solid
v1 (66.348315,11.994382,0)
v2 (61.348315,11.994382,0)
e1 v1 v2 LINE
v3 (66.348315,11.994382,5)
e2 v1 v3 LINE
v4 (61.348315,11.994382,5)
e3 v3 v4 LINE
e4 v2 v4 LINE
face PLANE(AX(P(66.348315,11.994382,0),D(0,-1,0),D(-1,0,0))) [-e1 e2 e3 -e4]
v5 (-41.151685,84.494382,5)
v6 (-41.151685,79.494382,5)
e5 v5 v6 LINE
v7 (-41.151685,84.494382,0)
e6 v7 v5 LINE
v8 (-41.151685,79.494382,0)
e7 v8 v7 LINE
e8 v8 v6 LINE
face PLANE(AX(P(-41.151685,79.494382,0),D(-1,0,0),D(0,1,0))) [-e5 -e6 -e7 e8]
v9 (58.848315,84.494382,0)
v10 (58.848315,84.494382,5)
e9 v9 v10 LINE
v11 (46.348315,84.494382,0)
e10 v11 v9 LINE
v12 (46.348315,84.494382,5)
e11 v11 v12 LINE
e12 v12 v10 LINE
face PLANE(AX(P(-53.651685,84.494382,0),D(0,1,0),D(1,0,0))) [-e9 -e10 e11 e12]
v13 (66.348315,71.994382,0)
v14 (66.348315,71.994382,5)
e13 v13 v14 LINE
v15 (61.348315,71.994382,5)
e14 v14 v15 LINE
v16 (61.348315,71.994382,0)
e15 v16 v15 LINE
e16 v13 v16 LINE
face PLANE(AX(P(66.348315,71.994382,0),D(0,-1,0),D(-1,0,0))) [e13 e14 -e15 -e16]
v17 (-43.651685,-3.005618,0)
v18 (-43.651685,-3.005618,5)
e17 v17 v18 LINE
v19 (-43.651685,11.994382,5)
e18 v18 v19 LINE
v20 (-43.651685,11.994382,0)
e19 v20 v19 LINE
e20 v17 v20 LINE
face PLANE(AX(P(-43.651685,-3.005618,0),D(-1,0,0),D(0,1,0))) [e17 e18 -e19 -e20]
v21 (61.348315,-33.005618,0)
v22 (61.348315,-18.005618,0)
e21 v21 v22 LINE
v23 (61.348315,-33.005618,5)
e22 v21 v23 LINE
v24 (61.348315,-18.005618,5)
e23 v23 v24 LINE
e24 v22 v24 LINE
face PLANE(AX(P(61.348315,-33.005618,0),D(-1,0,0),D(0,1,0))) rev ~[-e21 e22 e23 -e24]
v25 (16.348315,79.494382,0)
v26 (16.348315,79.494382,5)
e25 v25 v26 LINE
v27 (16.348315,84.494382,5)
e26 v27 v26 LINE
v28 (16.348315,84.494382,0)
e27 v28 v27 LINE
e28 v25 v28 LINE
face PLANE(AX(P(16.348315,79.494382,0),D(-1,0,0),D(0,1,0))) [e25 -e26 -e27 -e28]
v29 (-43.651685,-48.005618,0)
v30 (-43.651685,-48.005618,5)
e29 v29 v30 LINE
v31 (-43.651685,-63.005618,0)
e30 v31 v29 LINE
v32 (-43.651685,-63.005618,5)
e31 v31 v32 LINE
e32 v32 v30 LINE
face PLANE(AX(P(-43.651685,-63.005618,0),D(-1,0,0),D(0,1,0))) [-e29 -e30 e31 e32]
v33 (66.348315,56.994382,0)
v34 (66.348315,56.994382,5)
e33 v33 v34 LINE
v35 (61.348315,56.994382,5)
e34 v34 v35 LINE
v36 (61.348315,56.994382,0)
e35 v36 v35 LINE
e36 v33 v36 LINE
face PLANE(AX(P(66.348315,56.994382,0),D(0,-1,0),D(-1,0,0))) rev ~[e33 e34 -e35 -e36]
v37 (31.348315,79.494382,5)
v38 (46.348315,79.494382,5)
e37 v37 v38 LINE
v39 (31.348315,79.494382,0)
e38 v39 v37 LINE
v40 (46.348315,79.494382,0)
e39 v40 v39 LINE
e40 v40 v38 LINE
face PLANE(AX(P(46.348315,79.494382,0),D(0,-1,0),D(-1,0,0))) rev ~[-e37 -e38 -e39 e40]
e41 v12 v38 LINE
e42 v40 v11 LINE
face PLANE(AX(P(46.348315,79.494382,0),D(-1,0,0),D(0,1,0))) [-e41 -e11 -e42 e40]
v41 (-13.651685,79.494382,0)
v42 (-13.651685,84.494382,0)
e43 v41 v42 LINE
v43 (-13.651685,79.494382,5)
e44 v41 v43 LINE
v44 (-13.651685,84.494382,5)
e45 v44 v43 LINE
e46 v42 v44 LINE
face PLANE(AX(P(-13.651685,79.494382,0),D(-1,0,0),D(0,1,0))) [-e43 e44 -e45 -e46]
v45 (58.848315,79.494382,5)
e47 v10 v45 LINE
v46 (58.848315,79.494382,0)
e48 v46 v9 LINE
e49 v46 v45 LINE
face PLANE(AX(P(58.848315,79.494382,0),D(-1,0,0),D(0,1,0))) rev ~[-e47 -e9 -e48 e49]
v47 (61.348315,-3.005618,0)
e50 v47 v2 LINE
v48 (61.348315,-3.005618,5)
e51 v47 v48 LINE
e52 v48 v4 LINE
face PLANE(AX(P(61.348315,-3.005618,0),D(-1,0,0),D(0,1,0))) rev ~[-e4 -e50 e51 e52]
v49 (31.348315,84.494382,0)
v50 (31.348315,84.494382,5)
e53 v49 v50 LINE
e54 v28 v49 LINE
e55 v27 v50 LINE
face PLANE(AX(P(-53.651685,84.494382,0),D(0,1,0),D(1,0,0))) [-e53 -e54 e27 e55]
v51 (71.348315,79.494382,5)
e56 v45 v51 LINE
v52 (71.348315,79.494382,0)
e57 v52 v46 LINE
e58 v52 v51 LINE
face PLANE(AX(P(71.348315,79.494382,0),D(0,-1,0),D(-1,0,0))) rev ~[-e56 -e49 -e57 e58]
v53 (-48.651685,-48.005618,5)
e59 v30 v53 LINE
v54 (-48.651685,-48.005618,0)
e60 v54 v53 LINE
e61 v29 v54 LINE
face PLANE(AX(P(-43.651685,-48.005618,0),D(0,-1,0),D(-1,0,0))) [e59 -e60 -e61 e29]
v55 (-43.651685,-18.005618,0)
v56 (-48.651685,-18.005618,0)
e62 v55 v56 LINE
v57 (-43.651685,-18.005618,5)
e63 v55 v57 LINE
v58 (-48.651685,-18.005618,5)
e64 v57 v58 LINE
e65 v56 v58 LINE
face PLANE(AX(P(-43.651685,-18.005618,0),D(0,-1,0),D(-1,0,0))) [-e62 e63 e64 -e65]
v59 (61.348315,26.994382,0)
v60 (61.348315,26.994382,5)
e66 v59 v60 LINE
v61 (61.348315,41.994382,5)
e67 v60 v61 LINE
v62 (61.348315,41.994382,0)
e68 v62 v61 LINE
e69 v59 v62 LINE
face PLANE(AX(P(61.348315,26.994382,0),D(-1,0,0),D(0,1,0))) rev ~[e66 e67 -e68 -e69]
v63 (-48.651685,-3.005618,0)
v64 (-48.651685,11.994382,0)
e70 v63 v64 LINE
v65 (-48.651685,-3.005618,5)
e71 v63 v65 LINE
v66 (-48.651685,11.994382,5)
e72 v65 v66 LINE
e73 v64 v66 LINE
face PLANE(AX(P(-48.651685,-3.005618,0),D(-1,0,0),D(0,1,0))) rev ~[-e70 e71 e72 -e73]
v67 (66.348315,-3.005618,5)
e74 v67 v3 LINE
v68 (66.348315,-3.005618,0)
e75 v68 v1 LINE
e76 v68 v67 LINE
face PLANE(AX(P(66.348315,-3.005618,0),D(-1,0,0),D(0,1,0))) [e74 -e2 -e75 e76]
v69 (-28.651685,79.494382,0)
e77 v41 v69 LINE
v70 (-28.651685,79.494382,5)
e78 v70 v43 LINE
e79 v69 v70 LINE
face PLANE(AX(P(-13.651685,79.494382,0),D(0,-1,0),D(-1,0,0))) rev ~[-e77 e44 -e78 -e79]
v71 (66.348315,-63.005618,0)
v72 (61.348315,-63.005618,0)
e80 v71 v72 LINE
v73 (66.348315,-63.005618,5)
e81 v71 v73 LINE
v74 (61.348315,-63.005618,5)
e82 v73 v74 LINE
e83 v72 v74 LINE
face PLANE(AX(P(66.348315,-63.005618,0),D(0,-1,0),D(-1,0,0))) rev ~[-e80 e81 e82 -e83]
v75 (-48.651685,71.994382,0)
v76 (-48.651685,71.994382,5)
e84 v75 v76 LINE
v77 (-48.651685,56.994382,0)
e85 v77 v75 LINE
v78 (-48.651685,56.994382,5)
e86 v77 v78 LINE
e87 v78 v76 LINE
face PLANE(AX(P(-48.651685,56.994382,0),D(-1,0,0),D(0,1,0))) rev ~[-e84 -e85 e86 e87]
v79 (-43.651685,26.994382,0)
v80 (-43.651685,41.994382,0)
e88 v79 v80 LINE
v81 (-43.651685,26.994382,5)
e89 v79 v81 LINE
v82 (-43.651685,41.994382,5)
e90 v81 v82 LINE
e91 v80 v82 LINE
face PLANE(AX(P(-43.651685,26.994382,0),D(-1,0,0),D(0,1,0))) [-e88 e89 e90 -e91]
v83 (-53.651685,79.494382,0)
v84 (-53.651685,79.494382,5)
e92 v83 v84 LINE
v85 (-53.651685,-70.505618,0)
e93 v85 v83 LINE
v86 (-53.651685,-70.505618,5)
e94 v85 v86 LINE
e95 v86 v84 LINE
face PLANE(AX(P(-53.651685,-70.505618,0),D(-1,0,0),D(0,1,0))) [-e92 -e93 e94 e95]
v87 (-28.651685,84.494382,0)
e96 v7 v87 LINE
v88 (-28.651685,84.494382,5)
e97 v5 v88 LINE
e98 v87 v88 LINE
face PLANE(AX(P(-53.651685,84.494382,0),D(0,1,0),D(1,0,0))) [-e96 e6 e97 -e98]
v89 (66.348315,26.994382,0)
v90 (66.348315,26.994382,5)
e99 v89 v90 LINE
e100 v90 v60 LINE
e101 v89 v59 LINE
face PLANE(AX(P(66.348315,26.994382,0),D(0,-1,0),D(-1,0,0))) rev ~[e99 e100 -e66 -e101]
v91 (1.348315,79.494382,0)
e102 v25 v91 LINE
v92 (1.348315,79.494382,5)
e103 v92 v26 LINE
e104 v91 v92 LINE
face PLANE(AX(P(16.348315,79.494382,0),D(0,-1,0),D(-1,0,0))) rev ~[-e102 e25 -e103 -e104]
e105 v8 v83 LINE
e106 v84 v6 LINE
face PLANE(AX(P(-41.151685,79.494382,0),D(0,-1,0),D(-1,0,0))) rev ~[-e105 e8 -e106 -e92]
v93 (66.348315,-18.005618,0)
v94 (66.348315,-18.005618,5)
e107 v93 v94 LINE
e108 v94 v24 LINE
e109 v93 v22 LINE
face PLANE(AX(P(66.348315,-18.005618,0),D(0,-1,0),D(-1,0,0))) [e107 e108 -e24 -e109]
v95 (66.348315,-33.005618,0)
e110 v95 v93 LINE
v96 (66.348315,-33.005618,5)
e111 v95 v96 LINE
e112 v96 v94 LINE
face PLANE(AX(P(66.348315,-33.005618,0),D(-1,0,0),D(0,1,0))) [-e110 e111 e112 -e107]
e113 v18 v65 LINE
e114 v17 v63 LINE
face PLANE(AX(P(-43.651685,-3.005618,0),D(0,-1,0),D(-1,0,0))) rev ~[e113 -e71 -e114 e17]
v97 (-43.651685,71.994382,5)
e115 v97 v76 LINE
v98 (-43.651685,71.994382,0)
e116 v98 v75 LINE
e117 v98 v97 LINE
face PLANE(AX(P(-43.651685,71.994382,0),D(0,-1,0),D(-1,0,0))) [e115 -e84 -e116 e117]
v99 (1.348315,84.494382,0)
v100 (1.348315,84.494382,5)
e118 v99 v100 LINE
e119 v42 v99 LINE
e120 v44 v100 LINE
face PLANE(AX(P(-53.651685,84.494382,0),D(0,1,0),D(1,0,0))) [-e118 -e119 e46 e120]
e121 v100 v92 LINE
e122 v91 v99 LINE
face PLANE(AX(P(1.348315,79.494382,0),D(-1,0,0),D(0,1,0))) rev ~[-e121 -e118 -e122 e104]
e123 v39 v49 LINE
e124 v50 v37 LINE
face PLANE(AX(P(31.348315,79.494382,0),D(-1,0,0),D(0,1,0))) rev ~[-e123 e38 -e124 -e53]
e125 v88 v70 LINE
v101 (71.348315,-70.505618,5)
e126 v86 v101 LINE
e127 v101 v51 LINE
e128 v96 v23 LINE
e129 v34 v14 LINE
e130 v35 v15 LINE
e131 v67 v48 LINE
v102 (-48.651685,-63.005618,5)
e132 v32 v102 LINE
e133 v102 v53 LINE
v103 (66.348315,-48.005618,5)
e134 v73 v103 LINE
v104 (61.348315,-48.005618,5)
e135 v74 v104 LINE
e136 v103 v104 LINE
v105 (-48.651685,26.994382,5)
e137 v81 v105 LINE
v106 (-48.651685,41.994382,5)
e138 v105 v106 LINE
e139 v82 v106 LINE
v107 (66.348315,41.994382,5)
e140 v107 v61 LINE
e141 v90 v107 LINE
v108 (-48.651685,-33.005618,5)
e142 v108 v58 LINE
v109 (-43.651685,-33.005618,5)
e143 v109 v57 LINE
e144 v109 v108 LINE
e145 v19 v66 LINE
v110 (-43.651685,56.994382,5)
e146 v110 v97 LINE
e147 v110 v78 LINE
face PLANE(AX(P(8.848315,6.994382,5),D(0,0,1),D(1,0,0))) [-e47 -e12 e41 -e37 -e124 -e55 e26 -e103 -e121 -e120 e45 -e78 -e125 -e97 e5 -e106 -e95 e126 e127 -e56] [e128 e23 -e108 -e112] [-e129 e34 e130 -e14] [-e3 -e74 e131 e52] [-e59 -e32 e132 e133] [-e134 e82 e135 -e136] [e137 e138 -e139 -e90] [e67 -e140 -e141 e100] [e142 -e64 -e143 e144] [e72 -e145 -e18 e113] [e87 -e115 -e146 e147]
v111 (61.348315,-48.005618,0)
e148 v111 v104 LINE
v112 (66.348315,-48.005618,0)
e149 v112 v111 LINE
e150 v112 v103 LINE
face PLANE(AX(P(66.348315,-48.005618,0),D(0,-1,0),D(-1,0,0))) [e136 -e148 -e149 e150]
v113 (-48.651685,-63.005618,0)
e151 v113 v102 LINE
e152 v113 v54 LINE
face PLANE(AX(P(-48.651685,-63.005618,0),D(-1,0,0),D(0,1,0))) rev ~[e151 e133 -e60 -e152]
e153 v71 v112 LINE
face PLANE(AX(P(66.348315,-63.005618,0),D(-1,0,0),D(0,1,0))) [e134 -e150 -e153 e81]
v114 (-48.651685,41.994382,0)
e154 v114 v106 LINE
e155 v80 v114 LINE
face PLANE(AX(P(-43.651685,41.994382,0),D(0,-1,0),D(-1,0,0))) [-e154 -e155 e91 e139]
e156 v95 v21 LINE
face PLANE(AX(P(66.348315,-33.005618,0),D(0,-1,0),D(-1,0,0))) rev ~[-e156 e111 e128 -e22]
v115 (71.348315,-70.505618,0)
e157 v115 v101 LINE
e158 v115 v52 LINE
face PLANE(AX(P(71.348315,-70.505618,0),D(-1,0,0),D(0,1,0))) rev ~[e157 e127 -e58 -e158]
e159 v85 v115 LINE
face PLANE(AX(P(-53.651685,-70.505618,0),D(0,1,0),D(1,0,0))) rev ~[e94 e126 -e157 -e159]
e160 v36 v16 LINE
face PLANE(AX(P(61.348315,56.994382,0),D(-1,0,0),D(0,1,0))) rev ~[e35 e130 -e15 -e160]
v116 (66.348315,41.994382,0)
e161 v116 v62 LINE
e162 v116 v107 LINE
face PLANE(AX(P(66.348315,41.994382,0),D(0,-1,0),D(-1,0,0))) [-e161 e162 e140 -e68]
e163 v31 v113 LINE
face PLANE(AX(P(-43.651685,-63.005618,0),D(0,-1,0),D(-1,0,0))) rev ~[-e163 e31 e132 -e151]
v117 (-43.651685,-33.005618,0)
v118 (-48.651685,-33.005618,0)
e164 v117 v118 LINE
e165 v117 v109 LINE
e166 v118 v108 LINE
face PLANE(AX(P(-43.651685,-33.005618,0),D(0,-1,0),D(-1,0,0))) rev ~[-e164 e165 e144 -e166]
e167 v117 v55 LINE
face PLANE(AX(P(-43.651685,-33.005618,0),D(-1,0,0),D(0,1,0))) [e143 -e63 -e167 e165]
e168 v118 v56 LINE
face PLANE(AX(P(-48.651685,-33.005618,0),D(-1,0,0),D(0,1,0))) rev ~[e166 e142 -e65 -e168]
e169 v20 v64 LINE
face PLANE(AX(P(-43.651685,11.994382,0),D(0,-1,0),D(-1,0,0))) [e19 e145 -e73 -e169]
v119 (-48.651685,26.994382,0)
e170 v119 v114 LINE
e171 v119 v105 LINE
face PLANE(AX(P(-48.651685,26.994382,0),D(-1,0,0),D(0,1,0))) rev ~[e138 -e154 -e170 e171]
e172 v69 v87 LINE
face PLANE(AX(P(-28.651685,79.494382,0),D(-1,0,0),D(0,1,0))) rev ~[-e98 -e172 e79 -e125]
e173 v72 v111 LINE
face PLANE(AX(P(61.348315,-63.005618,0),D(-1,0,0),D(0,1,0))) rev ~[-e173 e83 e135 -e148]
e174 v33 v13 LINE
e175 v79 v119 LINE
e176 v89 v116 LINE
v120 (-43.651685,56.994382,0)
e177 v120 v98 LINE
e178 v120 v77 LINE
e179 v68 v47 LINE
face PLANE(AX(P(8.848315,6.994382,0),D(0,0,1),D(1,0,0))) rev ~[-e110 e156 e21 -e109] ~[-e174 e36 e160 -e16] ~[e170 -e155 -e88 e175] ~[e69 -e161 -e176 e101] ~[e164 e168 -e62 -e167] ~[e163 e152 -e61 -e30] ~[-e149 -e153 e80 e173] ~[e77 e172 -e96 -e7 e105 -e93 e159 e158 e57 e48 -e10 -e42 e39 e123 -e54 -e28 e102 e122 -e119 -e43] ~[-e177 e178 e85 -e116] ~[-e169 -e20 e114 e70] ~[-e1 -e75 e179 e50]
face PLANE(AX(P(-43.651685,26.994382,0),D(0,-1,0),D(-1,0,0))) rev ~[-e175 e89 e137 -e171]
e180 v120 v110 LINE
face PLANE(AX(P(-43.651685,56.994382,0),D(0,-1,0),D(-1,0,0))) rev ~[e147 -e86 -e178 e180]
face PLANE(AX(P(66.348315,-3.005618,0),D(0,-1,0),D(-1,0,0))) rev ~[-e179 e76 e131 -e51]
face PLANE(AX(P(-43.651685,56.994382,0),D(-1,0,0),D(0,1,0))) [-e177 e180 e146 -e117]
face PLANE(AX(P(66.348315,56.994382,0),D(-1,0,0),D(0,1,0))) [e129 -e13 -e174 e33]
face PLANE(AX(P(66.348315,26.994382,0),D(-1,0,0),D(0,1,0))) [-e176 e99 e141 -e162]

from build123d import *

# Parameters (mm, degrees)
ESQUISSE1_W             = 125
ESQUISSE1_H             = 155
BOSS_EXTRU_2_DEPTH      = 5
ESQUISSE3_W             = 5
ESQUISSE3_H             = 15
ENL_V_MAT_EXTRU_1_DEPTH = 5
ESQUISSE4_W             = 15
ESQUISSE4_H             = 5
ESQUISSE4_W_2           = 12.5
ENL_V_MAT_EXTRU_2_DEPTH = 50


with BuildPart() as part:
    # Esquisse1 → Boss.-Extru.2 (new body)
    with BuildSketch(Plane.XY):
        with Locations((8.848314607, 6.994382022)):
            Rectangle(ESQUISSE1_W, ESQUISSE1_H)
    extrude(amount=BOSS_EXTRU_2_DEPTH)

    # Esquisse3 → Enlèv. mat.-Extru.1 (cut)
    with BuildSketch(Plane(origin=(0, 0, 0), x_dir=(-1, 0, 0), z_dir=(0, 0, -1))):
        with Locations((-63.848314607, -55.505617978)):
            Rectangle(ESQUISSE3_W, ESQUISSE3_H)
        with Locations((-63.848314607, -25.505617978)):
            Rectangle(ESQUISSE3_W, ESQUISSE3_H)
        with Locations((-63.848314607, 4.494382022)):
            Rectangle(ESQUISSE3_W, ESQUISSE3_H)
        with Locations((-63.848314607, 34.494382022)):
            Rectangle(ESQUISSE3_W, ESQUISSE3_H)
        with Locations((-63.848314607, 64.494382022)):
            Rectangle(ESQUISSE3_W, ESQUISSE3_H)
        with Locations((46.151685393, -55.505617978)):
            Rectangle(ESQUISSE3_W, ESQUISSE3_H)
        with Locations((46.151685393, 34.494382022)):
            Rectangle(ESQUISSE3_W, ESQUISSE3_H)
        with Locations((46.151685393, -25.505617978)):
            Rectangle(ESQUISSE3_W, ESQUISSE3_H)
        with Locations((46.151685393, 4.494382022)):
            Rectangle(ESQUISSE3_W, ESQUISSE3_H)
        with Locations((46.151685393, 64.494382022)):
            Rectangle(ESQUISSE3_W, ESQUISSE3_H)
    extrude(amount=-ENL_V_MAT_EXTRU_1_DEPTH, mode=Mode.SUBTRACT)

    # Esquisse4 → Enlèv. mat.-Extru.2 (cut)
    with BuildSketch(Plane(origin=(0, 0, 0), x_dir=(-1, 0, 0), z_dir=(0, 0, -1))):
        with Locations((-38.848314607, 81.994382022)):
            Rectangle(ESQUISSE4_W, ESQUISSE4_H)
        with Locations((-65.098314607, 81.994382022)):
            Rectangle(ESQUISSE4_W_2, ESQUISSE4_H)
        with Locations((-8.848314607, 81.994382022)):
            Rectangle(ESQUISSE4_W, ESQUISSE4_H)
        with Locations((21.151685393, 81.994382022)):
            Rectangle(ESQUISSE4_W, ESQUISSE4_H)
        with Locations((47.401685393, 81.994382022)):
            Rectangle(ESQUISSE4_W_2, ESQUISSE4_H)
    extrude(amount=-ENL_V_MAT_EXTRU_2_DEPTH, mode=Mode.SUBTRACT)


solid = part.part
